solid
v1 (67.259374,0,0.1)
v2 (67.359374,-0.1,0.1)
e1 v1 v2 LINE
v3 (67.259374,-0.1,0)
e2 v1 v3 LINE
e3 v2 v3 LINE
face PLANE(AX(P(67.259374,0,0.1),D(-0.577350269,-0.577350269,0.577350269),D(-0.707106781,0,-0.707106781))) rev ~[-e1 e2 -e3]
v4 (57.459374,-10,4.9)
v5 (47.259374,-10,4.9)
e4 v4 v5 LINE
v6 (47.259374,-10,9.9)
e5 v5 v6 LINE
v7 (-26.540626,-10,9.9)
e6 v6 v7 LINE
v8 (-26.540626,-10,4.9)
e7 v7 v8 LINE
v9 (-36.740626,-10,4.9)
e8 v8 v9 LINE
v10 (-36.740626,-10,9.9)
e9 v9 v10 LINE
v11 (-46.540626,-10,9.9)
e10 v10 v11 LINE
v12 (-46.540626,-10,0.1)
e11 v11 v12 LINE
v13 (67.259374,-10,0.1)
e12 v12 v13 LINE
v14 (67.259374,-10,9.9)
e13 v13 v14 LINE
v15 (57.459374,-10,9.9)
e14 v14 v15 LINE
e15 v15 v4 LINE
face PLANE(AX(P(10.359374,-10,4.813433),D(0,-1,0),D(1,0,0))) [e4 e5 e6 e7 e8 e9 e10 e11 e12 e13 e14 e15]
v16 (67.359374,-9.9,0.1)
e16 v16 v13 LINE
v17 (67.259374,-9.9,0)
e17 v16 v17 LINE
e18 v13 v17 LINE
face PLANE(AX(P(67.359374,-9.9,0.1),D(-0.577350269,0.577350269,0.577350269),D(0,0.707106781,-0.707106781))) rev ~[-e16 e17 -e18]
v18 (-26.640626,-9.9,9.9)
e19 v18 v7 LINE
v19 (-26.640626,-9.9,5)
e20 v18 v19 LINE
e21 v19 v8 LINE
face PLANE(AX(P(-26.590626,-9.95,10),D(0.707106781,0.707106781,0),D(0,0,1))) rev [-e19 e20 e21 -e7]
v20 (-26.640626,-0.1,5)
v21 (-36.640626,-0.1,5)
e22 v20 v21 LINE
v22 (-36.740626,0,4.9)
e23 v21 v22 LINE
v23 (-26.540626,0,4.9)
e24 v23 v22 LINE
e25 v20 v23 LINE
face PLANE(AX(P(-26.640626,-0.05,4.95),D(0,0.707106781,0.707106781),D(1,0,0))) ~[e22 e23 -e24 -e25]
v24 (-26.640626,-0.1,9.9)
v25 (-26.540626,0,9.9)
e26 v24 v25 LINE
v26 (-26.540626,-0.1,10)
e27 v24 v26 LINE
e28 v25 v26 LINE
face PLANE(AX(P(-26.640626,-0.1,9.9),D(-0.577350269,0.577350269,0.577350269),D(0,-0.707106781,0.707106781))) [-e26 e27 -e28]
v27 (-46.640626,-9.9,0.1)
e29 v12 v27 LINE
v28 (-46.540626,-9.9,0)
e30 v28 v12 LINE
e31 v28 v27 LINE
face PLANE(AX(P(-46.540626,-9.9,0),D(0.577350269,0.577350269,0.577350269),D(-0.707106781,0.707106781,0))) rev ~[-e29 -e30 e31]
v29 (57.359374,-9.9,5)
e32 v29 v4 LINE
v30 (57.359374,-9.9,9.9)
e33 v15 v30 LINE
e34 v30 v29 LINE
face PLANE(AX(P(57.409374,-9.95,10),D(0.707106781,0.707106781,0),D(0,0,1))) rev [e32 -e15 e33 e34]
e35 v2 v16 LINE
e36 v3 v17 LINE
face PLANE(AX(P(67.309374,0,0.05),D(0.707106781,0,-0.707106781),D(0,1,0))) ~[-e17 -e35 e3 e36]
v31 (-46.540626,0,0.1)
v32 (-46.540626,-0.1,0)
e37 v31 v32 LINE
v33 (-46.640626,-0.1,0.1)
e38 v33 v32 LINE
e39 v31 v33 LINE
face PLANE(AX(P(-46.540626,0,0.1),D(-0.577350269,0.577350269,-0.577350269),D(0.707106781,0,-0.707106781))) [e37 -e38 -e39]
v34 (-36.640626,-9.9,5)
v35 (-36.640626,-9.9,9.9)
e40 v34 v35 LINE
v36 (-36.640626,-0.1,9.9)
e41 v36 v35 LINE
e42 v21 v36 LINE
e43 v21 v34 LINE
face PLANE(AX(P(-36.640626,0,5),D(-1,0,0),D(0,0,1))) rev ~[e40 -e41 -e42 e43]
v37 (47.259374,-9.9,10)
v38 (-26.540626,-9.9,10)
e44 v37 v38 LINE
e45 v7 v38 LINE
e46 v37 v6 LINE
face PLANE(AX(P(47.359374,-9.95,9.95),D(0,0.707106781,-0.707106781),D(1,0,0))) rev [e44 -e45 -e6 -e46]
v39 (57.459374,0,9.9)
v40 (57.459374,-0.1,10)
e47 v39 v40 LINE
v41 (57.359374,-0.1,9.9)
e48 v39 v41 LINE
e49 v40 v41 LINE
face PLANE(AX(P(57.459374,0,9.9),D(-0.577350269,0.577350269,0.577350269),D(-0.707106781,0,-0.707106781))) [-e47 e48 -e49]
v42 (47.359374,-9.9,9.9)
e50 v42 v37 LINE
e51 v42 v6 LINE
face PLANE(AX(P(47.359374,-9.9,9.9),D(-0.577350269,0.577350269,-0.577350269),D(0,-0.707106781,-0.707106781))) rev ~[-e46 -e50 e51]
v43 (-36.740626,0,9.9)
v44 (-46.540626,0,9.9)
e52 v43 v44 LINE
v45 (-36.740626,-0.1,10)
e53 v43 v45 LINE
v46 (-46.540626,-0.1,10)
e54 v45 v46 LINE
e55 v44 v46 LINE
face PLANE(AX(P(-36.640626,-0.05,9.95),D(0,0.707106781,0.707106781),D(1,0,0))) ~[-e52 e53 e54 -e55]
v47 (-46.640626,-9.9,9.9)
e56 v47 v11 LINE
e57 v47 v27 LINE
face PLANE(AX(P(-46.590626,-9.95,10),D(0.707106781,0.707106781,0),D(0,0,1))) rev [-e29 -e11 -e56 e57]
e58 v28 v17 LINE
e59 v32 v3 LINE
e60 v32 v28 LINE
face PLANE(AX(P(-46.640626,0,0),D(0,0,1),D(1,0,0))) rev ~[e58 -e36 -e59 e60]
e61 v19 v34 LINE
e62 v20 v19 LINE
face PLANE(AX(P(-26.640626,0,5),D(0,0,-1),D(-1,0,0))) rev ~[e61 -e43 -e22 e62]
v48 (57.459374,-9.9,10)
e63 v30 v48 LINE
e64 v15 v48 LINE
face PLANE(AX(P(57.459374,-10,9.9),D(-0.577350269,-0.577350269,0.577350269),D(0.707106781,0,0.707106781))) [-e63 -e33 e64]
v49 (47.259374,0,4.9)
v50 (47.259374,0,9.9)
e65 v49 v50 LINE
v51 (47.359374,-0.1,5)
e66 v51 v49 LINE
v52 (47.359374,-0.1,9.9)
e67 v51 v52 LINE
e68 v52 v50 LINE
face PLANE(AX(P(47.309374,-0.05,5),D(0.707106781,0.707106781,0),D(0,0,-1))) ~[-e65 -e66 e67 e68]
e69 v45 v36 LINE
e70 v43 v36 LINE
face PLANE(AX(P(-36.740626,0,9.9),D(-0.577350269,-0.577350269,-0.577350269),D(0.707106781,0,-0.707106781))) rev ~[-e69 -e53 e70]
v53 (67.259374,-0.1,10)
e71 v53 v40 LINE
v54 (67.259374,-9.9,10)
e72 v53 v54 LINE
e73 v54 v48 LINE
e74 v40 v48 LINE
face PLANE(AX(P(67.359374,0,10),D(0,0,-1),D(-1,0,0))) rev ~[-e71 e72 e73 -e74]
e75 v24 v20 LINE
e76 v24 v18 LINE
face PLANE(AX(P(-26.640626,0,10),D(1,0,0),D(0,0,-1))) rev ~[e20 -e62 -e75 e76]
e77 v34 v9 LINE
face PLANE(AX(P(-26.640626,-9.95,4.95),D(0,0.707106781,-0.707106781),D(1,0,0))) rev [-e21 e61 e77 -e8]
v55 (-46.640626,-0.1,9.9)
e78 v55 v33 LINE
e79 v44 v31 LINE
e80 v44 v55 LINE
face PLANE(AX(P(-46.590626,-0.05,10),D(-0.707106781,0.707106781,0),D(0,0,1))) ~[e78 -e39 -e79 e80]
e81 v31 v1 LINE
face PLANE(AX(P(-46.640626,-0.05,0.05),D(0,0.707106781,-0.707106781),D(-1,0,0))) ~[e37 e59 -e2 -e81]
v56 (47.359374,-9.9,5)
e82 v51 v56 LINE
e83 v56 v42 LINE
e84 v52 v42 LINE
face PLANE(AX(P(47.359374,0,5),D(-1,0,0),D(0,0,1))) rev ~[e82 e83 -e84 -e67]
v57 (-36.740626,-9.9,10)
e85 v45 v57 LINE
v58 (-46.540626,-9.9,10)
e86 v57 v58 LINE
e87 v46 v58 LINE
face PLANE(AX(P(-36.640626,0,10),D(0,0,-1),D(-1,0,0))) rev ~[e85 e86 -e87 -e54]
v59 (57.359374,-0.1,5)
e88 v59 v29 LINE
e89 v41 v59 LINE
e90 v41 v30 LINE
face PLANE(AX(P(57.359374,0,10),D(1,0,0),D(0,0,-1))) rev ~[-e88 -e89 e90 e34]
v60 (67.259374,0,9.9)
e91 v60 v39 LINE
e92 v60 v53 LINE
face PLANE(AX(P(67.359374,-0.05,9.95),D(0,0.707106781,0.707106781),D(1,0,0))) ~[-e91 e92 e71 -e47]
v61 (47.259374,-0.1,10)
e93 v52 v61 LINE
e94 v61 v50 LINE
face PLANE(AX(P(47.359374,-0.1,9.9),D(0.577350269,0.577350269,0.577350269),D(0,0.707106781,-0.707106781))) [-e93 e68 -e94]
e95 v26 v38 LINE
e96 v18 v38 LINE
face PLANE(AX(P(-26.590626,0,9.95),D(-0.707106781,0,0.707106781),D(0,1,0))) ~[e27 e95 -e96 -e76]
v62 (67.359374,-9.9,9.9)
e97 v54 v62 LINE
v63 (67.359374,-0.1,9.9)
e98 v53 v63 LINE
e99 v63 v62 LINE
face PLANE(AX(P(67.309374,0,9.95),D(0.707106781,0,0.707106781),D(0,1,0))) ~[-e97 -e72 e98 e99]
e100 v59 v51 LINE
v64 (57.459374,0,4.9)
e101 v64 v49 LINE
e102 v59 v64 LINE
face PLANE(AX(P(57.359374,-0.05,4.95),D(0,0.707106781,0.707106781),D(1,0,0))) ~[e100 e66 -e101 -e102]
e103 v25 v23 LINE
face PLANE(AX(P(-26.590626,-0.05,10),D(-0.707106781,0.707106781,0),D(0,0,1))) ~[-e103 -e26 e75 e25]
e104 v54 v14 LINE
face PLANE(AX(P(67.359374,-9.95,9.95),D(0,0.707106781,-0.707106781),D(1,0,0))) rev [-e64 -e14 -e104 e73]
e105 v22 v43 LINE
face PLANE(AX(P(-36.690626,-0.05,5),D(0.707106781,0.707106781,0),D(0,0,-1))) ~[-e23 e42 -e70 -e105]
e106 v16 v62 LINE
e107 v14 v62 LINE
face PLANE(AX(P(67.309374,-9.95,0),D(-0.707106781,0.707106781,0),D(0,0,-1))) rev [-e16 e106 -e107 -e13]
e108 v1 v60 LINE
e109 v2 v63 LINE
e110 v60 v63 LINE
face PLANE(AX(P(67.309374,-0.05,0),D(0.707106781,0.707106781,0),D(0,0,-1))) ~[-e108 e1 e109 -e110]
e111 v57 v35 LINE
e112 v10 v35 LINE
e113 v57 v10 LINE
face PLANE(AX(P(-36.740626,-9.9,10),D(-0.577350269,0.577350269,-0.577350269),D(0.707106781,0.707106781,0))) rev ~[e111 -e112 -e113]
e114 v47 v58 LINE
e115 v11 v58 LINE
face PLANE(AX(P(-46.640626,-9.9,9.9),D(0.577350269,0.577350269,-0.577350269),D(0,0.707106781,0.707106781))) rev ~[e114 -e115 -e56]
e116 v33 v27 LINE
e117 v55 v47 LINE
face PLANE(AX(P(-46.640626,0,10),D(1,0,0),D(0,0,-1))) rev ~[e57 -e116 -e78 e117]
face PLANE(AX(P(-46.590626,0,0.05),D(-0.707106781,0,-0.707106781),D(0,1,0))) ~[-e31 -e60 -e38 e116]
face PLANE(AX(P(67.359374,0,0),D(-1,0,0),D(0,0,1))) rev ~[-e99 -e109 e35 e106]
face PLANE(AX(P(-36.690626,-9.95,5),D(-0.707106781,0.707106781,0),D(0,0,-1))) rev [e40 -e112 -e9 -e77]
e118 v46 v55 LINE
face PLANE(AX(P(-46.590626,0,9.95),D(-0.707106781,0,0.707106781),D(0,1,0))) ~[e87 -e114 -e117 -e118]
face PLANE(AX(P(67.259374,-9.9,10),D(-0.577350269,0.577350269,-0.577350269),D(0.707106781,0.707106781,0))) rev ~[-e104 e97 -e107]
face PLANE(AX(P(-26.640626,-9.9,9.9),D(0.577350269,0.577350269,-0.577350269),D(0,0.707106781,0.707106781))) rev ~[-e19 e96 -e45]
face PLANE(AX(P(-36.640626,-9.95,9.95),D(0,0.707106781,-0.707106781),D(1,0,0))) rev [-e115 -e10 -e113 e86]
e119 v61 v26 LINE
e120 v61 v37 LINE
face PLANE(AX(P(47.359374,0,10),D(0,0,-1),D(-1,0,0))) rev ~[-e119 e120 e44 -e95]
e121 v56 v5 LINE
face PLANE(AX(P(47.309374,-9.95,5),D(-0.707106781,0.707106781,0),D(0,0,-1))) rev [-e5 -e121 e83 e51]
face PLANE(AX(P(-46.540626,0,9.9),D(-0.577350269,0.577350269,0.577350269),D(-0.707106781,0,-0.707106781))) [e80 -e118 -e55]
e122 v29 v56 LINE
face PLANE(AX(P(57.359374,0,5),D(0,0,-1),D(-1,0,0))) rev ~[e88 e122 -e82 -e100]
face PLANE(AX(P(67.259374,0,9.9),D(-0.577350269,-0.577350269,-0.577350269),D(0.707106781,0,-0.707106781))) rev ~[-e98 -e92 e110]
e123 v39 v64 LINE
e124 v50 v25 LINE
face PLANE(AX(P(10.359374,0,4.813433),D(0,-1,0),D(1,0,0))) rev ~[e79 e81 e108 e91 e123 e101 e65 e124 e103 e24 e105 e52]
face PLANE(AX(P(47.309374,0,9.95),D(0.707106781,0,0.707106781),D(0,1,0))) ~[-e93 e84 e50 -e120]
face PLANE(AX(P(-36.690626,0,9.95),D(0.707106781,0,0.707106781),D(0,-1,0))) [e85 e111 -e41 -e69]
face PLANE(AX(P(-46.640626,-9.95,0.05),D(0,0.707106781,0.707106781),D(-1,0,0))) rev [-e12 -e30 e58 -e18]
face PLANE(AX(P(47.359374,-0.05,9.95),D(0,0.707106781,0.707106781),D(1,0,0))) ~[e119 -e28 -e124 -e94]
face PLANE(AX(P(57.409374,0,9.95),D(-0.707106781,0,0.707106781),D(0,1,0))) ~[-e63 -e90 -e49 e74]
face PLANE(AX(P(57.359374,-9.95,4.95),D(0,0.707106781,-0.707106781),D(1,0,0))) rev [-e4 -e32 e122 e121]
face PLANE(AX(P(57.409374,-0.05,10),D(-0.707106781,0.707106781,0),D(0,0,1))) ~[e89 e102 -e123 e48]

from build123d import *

# Parameters (mm, degrees)
F1_DEPTH = 10
F2_SIZE  = 0.1


with BuildPart() as f1:
    # F0 (on Front) → F1 (new body)
    with BuildSketch(Plane.XZ):
        Polygon((-36.640626, 10), (-46.640626, 10), (-46.640626, 0), (67.359374, 0), (67.359374, 10), (57.359374, 10), (57.359374, 5), (47.359374, 5), (47.359374, 10), (-26.640626, 10), (-26.640626, 5), (-36.640626, 5), align=None)
    extrude(amount=F1_DEPTH)

    # F2
    f2_edges = [f1.edges().sort_by_distance(p)[0] for p in [
        (10.359374, -10, 10),
        (10.359374, 0, 10),
        (47.359374, -5, 10),
        (47.359374, -10, 7.5),
        (47.359374, 0, 7.5),
        (57.359374, -5, 10),
        (57.359374, -10, 7.5),
        (-26.640626, -10, 7.5),
        (-31.640626, -10, 5),
        (-36.640626, -10, 7.5),
        (-41.640626, -10, 10),
        (-46.640626, -10, 5),
        (10.359374, -10, 0),
        (67.359374, -10, 5),
        (62.359374, -10, 10),
        (52.359374, -10, 5),
        (67.359374, -5, 10),
        (62.359374, 0, 10),
        (67.359374, -5, 0),
        (67.359374, 0, 5),
        (-36.640626, -5, 10),
        (-46.640626, -5, 10),
        (-41.640626, 0, 10),
        (-46.640626, -5, 0),
        (-46.640626, 0, 5),
        (-26.640626, 0, 7.5),
        (-31.640626, 0, 5),
        (-36.640626, 0, 7.5),
        (10.359374, 0, 0),
        (57.359374, 0, 7.5),
        (52.359374, 0, 5),
        (-26.640626, -5, 10),
    ]]
    chamfer(f2_edges, length=F2_SIZE)


solid = f1.part
